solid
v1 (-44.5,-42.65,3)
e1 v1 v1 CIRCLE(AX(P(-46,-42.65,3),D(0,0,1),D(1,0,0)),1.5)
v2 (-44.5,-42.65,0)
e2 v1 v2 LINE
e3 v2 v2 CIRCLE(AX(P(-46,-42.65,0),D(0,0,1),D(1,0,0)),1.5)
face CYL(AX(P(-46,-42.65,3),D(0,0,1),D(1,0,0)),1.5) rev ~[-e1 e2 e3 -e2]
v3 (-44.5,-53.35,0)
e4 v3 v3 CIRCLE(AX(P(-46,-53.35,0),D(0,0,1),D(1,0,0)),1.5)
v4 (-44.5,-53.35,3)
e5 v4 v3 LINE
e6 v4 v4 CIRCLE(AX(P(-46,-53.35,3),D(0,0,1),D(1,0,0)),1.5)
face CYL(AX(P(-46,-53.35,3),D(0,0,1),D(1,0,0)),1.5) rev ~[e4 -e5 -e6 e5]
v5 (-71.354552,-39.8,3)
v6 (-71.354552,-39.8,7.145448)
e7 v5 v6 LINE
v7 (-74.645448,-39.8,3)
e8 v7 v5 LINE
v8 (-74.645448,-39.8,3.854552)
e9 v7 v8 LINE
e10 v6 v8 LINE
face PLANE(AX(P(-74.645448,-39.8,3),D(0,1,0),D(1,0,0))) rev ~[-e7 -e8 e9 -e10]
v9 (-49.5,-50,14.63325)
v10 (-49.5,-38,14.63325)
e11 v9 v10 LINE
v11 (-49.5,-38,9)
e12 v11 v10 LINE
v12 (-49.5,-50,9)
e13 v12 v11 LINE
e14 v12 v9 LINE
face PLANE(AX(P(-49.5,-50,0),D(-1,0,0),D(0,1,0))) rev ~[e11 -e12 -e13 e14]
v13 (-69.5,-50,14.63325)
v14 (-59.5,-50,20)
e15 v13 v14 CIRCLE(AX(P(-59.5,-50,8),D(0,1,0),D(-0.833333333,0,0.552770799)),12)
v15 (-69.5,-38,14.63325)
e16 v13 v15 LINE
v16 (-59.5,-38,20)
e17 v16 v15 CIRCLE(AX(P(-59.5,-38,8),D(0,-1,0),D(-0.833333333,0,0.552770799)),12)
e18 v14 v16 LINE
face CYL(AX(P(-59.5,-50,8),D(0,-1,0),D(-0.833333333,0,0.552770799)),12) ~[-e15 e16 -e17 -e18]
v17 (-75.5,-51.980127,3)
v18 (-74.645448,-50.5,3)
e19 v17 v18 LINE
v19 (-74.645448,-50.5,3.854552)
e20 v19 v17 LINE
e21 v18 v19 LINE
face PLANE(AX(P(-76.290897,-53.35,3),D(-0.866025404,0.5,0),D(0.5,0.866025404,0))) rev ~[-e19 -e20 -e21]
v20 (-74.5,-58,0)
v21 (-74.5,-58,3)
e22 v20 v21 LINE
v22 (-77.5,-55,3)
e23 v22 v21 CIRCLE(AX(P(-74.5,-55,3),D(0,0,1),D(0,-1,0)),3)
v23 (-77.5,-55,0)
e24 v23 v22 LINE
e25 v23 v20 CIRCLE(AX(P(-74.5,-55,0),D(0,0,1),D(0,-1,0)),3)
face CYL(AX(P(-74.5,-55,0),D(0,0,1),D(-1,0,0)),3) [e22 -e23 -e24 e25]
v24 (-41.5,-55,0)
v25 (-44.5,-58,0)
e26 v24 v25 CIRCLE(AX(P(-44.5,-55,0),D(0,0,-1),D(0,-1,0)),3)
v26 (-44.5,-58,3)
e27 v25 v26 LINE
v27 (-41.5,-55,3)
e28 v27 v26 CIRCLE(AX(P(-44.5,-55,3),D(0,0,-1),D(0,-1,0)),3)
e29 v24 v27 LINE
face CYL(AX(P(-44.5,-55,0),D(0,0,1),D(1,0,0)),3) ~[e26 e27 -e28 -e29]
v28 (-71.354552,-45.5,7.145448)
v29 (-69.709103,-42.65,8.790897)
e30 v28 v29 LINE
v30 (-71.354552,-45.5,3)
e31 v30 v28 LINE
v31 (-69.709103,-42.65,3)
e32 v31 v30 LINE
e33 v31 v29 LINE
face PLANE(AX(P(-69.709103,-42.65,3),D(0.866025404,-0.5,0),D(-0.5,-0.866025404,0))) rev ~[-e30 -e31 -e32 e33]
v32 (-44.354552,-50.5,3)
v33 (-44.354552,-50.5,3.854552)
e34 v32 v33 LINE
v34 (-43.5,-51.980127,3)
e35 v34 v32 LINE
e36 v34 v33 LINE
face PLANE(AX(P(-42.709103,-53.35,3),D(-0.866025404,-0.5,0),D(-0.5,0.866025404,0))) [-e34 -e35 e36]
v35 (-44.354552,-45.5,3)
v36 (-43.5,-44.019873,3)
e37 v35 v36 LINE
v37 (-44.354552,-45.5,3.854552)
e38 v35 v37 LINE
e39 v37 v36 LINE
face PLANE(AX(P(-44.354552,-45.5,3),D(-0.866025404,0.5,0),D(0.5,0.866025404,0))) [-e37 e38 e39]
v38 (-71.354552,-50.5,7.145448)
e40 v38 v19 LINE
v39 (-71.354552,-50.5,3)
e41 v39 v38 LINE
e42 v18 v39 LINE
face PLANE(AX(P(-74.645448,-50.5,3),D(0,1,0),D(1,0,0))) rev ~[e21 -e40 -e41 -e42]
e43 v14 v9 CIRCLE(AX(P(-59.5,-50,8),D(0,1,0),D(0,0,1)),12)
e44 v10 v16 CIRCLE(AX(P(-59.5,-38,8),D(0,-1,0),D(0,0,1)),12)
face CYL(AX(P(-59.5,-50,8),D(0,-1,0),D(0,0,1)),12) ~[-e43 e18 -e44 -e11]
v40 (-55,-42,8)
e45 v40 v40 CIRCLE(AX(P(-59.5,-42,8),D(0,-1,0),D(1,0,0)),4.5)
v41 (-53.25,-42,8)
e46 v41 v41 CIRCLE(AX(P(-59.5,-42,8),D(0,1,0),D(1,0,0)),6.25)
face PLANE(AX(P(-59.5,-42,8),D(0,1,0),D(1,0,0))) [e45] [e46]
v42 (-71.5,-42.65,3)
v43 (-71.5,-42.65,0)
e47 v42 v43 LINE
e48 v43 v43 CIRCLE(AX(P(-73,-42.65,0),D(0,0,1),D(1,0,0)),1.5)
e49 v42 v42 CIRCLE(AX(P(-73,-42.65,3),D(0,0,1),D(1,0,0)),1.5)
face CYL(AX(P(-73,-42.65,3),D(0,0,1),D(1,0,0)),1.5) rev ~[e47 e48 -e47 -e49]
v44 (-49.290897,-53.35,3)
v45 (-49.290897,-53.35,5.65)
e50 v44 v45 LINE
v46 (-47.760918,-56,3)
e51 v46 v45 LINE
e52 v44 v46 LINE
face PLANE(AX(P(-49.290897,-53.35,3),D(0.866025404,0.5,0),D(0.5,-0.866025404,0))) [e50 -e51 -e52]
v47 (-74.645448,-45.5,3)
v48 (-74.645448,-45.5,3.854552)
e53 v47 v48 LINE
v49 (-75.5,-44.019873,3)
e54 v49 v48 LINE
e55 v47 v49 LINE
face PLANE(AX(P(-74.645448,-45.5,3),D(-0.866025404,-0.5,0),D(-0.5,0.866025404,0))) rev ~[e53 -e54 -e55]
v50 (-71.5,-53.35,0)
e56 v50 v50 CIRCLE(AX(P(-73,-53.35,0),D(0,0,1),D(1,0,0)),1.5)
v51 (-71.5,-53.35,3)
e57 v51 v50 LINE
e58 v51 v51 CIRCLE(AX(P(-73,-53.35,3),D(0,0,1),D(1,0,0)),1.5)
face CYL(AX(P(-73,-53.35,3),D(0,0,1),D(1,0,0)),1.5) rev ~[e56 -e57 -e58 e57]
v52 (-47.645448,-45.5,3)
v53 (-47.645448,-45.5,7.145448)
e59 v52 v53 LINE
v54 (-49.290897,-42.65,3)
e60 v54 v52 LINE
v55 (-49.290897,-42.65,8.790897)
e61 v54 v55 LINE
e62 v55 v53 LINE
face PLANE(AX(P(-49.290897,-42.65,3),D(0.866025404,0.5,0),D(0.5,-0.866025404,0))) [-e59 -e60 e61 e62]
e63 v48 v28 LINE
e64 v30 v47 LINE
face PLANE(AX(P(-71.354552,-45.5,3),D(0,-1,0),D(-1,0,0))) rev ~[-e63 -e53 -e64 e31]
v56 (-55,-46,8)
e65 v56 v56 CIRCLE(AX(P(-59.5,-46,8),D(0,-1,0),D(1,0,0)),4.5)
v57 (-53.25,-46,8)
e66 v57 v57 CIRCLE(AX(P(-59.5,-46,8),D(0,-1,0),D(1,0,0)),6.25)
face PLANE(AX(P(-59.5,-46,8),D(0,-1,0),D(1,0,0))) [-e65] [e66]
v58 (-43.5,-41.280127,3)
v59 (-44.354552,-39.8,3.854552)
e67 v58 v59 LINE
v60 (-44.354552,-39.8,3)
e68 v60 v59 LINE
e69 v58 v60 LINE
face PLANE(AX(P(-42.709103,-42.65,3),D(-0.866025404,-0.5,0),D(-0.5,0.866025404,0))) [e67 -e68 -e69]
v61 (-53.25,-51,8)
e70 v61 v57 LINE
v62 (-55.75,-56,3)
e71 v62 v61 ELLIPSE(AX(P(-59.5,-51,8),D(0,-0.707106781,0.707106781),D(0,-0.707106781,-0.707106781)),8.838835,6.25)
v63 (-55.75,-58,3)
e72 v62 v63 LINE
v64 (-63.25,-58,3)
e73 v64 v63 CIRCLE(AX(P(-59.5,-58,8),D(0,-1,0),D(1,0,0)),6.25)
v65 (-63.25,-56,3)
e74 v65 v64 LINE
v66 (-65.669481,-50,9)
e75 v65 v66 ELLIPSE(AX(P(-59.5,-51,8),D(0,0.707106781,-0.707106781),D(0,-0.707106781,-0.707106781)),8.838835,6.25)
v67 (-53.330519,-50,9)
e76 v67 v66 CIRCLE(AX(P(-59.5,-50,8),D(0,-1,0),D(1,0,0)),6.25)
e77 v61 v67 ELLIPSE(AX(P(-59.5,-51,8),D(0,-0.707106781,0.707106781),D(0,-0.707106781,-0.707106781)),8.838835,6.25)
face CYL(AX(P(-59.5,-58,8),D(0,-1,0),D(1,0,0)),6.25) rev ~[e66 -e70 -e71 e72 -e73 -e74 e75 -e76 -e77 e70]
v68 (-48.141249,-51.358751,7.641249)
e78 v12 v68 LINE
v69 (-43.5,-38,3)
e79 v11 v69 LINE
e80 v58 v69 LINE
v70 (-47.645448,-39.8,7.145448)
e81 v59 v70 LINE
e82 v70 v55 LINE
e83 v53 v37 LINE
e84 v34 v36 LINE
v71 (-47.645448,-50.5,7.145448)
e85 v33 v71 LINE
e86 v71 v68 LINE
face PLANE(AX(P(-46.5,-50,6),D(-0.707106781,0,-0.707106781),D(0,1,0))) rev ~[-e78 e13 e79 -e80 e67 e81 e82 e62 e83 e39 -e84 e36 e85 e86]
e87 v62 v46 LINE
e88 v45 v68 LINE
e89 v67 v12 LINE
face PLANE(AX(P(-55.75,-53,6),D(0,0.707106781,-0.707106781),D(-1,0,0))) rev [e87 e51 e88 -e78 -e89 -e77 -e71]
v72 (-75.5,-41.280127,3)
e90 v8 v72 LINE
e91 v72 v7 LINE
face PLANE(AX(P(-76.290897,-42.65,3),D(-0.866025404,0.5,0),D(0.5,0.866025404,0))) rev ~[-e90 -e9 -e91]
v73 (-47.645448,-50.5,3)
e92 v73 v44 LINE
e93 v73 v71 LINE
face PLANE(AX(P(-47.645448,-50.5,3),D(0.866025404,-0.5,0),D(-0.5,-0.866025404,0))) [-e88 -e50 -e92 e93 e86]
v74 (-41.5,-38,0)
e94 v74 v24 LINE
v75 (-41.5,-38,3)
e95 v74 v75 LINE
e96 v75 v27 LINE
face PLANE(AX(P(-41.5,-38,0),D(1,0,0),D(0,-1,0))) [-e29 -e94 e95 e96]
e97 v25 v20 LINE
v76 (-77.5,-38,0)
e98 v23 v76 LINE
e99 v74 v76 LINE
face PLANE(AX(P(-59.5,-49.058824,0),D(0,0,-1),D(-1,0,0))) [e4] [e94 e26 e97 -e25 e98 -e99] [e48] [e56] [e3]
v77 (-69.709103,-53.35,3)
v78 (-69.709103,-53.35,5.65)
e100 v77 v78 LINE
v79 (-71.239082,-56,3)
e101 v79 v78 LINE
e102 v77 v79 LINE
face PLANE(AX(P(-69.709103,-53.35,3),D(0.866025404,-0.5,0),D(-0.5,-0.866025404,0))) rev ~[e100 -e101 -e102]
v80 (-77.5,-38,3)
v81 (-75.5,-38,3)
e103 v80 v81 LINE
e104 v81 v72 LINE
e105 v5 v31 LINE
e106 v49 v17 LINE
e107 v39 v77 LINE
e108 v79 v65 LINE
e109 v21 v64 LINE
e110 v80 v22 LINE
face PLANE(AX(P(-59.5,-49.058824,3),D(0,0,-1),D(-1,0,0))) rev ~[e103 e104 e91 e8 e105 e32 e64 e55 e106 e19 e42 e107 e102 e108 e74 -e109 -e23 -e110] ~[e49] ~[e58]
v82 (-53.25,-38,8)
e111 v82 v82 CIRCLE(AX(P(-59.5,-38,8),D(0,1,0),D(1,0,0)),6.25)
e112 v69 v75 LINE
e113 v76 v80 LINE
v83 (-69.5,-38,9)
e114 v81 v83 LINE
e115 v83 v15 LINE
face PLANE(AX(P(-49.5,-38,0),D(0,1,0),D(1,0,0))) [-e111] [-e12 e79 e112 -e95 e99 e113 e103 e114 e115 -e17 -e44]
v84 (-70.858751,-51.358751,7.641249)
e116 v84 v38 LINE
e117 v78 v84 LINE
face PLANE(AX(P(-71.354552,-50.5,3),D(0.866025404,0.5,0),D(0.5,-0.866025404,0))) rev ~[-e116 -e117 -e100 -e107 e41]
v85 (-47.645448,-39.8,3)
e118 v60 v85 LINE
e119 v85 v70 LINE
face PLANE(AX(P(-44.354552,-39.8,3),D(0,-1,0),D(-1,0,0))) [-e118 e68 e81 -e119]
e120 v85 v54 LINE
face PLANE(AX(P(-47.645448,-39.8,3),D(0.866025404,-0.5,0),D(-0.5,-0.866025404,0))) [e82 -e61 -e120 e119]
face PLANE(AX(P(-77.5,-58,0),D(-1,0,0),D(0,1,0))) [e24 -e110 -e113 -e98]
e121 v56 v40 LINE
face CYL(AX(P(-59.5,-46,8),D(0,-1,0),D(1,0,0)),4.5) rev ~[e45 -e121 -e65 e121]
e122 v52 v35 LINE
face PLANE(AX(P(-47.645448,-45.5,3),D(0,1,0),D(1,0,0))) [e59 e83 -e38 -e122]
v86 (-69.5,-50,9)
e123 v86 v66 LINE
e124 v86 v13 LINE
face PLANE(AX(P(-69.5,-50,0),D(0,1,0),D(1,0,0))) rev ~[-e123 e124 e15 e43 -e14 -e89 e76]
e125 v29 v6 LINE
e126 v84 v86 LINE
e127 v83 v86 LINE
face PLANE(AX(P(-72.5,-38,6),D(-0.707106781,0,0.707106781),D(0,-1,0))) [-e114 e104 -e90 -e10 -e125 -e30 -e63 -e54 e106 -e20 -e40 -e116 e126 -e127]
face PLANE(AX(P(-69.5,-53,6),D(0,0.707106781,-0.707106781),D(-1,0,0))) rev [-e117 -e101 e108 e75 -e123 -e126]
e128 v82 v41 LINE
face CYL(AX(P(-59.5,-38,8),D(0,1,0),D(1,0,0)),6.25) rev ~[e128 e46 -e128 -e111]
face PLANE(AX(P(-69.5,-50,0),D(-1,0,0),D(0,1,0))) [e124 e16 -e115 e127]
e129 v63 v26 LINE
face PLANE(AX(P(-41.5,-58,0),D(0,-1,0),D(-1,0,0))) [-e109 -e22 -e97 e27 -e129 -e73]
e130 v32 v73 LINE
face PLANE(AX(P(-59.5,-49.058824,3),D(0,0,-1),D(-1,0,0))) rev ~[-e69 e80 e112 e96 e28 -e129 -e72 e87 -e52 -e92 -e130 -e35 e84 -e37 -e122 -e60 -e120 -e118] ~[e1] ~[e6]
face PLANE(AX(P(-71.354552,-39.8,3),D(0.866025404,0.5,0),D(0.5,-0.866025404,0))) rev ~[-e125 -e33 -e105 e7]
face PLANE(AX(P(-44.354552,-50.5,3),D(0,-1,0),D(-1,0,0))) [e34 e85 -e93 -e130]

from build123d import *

# Parameters (mm, degrees)
SKETCH1_W           = 20
SKETCH1_H           = 12
BOSS_EXTRUDE1_DEPTH = 20
SKETCH2_R           = 3
CUT_EXTRUDE1_DEPTH  = 13
SKETCH3_R           = 6.25
CUT_EXTRUDE2_DEPTH  = 4
SKETCH4_R           = 4.5
CUT_EXTRUDE3_DEPTH  = 9
SKETCH5_R           = 6.25
CUT_EXTRUDE4_DEPTH  = 4
BOSS_EXTRUDE2_DEPTH = 3
SKETCH7_R           = 6.25
CUT_EXTRUDE5_DEPTH  = 12
CHAMFER1_SIZE       = 6
CUT_EXTRUDE6_DEPTH  = 14
SKETCH9_W           = 3.789335489
SKETCH9_H           = 4.098961347
CUT_EXTRUDE7_DEPTH  = 2
SKETCH10_R          = 1.5
CUT_EXTRUDE8_DEPTH  = 4
CUT_EXTRUDE9_DEPTH  = 13
FILLET1_R           = 3


with BuildPart() as part:
    # Sketch1 → Boss-Extrude1 (new body)
    with BuildSketch(Plane.XY):
        with Locations((-59.5, -44)):
            Rectangle(SKETCH1_W, SKETCH1_H)
    extrude(amount=BOSS_EXTRUDE1_DEPTH)

    # Sketch2 → Cut-Extrude1 (cut, through all)
    with BuildSketch(Plane.XZ.offset(50)):
        with Locations((-59.5, 8)):
            Circle(SKETCH2_R)
    extrude(amount=-CUT_EXTRUDE1_DEPTH, mode=Mode.SUBTRACT)

    # Sketch3 → Cut-Extrude2 (cut)
    with BuildSketch(Plane.XZ.offset(50)):
        with Locations((-59.5, 8)):
            Circle(SKETCH3_R)
    extrude(amount=-CUT_EXTRUDE2_DEPTH, mode=Mode.SUBTRACT)

    # Sketch4 → Cut-Extrude3 (cut, through all)
    with BuildSketch(Plane.XZ.offset(46)):
        with Locations((-59.5, 8)):
            Circle(SKETCH4_R)
    extrude(amount=-CUT_EXTRUDE3_DEPTH, mode=Mode.SUBTRACT)

    # Sketch5 → Cut-Extrude4 (cut)
    with BuildSketch(Plane(origin=(0, -38, 0), x_dir=(1, 0, 0), z_dir=(0, 1, 0))):
        with Locations((-59.5, -8)):
            Circle(SKETCH5_R)
    extrude(amount=-CUT_EXTRUDE4_DEPTH, mode=Mode.SUBTRACT)

    # Sketch6 → Boss-Extrude2 (add)
    with BuildSketch(Plane(origin=(0, 0, 0), x_dir=(-1, 0, 0), z_dir=(0, 0, -1))):
        Polygon((49.5, -38), (41.5, -38), (41.5, -58), (77.5, -58), (77.5, -38), (69.5, -38), (69.5, -50), (49.5, -50), align=None)
    extrude(amount=-BOSS_EXTRUDE2_DEPTH)

    # Sketch7 → Cut-Extrude5 (cut)
    with BuildSketch(Plane.XZ.offset(58)):
        with Locations((-59.5, 8)):
            Circle(SKETCH7_R)
    extrude(amount=-CUT_EXTRUDE5_DEPTH, mode=Mode.SUBTRACT)

    # Chamfer1
    chamfer1_edges = [part.edges().sort_by_distance(p)[0] for p in [
        (-49.5, -44, 3),
        (-66.375, -50, 3),
        (-52.625, -50, 3),
        (-69.5, -44, 3),
    ]]
    chamfer(chamfer1_edges, length=CHAMFER1_SIZE)

    # Sketch8 → Cut-Extrude6 (cut)
    with BuildSketch(Plane.XY.offset(3)):
        Polygon((-47.645448267, -39.8), (-49.290896534, -42.65), (-47.645448267, -45.5), (-44.354551733, -45.5), (-42.709103466, -42.65), (-44.354551733, -39.8), align=None)
        Polygon((-47.645448267, -50.5), (-49.290896534, -53.35), (-47.645448267, -56.2), (-44.354551733, -56.2), (-42.709103466, -53.35), (-44.354551733, -50.5), align=None)
        Polygon((-74.645448267, -50.5), (-71.354551733, -50.5), (-69.709103466, -53.35), (-71.354551733, -56.2), (-74.645448267, -56.2), (-76.290896534, -53.35), align=None)
        Polygon((-74.645448267, -39.8), (-71.354551733, -39.8), (-69.709103466, -42.65), (-71.354551733, -45.5), (-74.645448267, -45.5), (-76.290896534, -42.65), align=None)
    extrude(amount=CUT_EXTRUDE6_DEPTH, mode=Mode.SUBTRACT)

    # Sketch9 → Cut-Extrude7 (cut)
    with BuildSketch(Plane.XY.offset(3)):
        with Locations((-43.394667744, -55.950519327)):
            Rectangle(SKETCH9_W, SKETCH9_H)
        with Locations((-75.605332256, -55.950519327)):
            Rectangle(SKETCH9_W, SKETCH9_H)
    extrude(amount=CUT_EXTRUDE7_DEPTH, mode=Mode.SUBTRACT)

    # Sketch10 → Cut-Extrude8 (cut, through all)
    with BuildSketch(Plane.XY.offset(3)):
        with Locations((-73, -42.65)):
            Circle(SKETCH10_R)
        with Locations((-73, -53.35)):
            Circle(SKETCH10_R)
        with Locations((-46, -53.35)):
            Circle(SKETCH10_R)
        with Locations((-46, -42.65)):
            Circle(SKETCH10_R)
    extrude(amount=-CUT_EXTRUDE8_DEPTH, mode=Mode.SUBTRACT)

    # Sketch11 → Cut-Extrude9 (cut, through all)
    with BuildSketch(Plane.XZ.offset(50)):
        with BuildLine():
            Line((-69.5, 20), (-69.5, 14.633249581))
            ThreePointArc((-69.5, 14.633249581), (-65.174548662, 18.573528147), (-59.5, 20))
            Line((-59.5, 20), (-69.5, 20))
        make_face()
        with BuildLine():
            ThreePointArc((-59.5, 20), (-53.825451338, 18.573528147), (-49.5, 14.633249581))
            Line((-49.5, 14.633249581), (-49.5, 20))
            Line((-49.5, 20), (-59.5, 20))
        make_face()
    extrude(amount=-CUT_EXTRUDE9_DEPTH, mode=Mode.SUBTRACT)

    # Fillet1
    fillet1_edges = [part.edges().sort_by_distance(p)[0] for p in [
        (-77.5, -58, 1.5),
        (-41.5, -58, 1.5),
    ]]
    fillet(fillet1_edges, radius=FILLET1_R)


solid = part.part
